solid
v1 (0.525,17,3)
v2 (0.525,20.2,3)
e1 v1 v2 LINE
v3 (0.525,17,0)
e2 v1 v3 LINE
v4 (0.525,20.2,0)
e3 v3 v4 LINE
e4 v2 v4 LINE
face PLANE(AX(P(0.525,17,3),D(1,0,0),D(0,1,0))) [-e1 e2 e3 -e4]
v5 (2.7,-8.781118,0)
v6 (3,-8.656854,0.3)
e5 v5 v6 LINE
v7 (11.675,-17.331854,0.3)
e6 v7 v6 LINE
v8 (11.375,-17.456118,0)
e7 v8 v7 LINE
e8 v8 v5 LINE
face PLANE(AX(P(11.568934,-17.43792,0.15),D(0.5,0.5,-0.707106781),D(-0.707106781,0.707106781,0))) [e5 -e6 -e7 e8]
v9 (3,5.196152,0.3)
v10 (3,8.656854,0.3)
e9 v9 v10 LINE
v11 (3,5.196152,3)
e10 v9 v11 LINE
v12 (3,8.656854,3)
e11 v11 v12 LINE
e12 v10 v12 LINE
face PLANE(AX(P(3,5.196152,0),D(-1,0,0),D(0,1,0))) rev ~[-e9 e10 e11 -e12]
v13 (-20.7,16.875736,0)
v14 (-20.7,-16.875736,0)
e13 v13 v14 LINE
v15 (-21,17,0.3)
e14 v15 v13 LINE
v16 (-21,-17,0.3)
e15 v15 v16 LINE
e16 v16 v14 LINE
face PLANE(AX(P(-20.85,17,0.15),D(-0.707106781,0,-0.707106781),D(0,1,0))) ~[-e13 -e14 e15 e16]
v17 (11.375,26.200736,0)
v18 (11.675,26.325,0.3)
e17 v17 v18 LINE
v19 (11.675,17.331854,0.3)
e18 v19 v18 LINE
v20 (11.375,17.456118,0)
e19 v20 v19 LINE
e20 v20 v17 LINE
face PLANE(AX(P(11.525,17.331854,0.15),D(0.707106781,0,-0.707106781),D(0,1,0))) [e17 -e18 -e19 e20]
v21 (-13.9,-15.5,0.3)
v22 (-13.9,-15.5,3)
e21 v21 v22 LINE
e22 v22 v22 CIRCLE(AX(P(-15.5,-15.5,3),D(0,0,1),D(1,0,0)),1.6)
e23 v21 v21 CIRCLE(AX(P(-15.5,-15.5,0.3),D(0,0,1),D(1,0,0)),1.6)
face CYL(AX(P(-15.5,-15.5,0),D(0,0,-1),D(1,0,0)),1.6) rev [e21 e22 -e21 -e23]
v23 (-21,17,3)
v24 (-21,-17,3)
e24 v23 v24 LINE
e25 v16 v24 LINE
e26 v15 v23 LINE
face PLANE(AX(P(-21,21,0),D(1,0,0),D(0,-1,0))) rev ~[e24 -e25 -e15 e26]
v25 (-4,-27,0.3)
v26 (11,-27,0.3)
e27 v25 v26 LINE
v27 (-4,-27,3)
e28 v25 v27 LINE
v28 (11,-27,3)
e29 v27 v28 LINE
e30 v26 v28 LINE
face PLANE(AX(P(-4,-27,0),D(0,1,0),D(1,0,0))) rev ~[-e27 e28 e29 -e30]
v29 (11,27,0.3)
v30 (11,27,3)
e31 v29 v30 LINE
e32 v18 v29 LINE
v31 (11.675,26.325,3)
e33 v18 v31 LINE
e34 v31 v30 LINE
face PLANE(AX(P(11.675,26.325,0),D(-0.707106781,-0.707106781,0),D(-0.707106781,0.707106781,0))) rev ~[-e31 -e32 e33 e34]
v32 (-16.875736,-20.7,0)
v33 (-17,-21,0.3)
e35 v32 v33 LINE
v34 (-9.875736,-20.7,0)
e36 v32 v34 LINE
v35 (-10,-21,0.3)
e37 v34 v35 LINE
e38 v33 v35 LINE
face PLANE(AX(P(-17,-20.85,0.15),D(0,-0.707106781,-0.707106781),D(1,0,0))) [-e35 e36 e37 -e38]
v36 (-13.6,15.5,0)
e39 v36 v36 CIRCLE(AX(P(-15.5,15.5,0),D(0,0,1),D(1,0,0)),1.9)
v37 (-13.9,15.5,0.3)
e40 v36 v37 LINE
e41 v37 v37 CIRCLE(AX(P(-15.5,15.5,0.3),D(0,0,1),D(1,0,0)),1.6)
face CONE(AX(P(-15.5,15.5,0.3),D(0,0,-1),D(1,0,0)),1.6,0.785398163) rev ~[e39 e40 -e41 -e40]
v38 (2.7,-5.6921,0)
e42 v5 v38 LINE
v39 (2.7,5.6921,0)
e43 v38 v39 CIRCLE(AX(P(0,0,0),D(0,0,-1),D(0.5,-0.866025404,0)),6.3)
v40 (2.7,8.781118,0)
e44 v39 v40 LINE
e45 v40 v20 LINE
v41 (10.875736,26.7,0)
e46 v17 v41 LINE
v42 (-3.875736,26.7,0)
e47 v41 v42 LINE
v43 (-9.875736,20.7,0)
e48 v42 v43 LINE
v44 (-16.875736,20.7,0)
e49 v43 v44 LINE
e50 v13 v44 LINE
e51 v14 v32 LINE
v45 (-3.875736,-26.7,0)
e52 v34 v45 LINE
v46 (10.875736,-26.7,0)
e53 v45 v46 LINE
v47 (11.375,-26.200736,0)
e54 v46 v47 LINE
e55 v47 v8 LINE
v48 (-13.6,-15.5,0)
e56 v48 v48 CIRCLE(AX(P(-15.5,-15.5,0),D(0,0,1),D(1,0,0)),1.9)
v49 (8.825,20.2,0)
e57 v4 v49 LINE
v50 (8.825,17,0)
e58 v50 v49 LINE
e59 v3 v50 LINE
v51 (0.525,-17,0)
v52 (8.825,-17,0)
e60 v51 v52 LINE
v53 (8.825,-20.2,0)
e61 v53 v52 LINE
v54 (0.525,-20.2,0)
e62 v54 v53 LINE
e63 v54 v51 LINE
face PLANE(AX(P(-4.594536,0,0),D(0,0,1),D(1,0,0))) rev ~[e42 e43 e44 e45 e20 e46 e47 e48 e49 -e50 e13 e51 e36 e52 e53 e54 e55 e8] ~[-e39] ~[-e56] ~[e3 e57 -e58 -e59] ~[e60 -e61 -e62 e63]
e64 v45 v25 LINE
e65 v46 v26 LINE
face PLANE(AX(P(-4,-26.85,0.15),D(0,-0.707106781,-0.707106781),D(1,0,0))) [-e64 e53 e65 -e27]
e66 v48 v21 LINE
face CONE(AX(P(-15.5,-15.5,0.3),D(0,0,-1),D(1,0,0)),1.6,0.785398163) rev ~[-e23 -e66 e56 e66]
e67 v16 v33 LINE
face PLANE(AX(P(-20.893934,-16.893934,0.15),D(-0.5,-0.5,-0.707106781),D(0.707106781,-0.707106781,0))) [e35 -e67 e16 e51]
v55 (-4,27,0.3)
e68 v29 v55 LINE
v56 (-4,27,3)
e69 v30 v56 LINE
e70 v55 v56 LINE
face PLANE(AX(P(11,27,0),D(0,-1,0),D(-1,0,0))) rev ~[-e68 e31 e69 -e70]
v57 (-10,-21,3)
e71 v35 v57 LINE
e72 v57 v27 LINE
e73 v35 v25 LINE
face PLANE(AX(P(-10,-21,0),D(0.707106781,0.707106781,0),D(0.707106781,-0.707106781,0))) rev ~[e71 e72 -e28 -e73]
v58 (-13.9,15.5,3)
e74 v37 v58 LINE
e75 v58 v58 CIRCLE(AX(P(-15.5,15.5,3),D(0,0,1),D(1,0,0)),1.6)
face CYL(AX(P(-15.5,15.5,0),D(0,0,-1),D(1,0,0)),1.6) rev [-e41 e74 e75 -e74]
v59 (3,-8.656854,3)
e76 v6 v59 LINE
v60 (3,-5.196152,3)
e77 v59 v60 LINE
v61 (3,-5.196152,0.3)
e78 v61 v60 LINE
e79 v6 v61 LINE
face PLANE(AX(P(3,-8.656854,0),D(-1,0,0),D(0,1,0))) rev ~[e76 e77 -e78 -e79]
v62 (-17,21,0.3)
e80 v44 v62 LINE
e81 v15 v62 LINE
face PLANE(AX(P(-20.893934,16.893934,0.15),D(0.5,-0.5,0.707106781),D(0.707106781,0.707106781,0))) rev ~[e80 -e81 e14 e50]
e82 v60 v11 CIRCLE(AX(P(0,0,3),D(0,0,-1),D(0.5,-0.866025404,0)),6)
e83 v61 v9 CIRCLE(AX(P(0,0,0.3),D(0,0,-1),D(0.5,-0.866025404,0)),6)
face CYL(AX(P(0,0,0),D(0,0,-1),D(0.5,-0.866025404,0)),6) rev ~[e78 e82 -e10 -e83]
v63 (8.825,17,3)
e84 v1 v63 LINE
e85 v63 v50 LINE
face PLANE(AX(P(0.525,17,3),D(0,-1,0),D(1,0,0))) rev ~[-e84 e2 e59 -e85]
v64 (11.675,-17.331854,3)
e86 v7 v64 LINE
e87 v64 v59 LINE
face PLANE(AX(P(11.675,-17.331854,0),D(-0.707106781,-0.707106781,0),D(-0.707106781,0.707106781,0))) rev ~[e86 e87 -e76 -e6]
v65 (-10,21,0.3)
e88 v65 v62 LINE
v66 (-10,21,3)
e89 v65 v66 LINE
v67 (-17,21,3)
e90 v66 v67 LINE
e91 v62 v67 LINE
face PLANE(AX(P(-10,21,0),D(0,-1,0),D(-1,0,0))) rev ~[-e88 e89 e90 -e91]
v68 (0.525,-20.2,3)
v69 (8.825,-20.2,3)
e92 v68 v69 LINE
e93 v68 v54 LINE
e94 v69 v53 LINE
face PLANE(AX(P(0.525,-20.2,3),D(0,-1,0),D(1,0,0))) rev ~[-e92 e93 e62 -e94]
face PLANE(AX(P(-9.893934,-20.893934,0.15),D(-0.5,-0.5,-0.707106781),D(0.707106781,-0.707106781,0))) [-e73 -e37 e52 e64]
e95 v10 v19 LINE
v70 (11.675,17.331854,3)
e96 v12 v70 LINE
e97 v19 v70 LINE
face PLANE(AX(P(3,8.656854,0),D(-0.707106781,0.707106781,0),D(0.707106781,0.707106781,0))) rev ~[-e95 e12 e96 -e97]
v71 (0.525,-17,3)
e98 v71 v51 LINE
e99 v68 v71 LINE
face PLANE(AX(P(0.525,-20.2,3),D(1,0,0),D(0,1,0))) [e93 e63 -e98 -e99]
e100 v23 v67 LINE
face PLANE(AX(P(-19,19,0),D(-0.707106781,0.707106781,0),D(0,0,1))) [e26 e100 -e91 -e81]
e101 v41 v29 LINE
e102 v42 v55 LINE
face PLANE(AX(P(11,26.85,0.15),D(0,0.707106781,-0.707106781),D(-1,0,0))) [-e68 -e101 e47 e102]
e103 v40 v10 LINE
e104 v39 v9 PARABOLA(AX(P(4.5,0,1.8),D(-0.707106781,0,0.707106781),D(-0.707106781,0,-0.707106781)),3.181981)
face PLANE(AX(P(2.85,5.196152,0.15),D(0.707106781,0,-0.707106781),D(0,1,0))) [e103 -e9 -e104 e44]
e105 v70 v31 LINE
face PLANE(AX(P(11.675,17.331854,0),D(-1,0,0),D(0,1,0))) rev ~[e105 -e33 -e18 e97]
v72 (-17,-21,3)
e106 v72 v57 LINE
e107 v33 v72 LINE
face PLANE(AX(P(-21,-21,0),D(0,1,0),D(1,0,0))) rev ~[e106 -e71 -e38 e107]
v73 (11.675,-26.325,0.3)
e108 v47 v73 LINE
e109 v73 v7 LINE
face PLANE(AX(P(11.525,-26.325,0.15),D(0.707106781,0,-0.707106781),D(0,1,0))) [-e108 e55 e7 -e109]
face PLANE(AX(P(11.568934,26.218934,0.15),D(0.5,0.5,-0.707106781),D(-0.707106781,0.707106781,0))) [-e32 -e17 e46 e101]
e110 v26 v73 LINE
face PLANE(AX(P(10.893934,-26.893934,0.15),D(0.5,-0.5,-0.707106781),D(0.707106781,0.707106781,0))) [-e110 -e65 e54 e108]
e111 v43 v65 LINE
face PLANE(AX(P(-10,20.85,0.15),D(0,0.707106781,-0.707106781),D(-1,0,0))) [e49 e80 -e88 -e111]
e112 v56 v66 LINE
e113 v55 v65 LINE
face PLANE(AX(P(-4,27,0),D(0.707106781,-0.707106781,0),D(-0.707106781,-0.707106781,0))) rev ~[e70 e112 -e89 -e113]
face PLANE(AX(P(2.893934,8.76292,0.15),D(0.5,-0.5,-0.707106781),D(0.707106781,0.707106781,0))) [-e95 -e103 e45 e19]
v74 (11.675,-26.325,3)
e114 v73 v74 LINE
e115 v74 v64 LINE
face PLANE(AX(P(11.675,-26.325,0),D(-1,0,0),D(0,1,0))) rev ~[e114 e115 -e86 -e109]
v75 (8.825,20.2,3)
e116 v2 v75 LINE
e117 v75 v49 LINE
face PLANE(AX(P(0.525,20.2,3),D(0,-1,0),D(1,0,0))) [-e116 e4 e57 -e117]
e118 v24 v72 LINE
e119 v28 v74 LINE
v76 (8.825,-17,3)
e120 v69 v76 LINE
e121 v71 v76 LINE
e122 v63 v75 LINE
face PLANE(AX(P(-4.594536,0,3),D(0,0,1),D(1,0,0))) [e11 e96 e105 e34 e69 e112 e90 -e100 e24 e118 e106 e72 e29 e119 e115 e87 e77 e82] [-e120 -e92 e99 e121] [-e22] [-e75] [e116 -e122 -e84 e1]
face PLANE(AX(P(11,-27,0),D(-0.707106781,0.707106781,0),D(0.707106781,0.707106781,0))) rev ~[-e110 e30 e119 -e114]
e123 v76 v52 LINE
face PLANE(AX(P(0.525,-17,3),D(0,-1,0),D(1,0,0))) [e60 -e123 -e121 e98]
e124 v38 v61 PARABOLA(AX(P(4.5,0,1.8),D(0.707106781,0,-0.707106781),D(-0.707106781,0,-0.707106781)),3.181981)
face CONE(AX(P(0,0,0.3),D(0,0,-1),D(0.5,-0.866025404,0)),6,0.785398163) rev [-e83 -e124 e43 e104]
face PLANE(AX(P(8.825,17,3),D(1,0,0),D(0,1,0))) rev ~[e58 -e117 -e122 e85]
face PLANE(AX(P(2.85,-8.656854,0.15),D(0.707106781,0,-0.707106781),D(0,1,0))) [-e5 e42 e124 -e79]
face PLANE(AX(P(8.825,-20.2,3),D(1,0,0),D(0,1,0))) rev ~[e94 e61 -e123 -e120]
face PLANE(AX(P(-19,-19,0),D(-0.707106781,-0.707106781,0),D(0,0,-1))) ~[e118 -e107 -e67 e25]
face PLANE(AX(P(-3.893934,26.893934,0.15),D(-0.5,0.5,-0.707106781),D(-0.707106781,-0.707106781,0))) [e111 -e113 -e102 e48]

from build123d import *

# Parameters (mm, degrees)
SKETCH1_R           = 1.6
BOSS_EXTRUDE1_DEPTH = 3
CHAMFER6_SIZE       = 4
CHAMFER5_SIZE       = 0.3
SKETCH8_W           = 8.3
SKETCH8_H           = 3.2
CUT_EXTRUDE1_DEPTH  = 35.336569427


with BuildPart() as part:
    # Sketch1 → Boss-Extrude1 (new body)
    with BuildSketch(Plane.XY):
        with BuildLine():
            Line((-21, 21), (-21, -21))
            Line((-21, -21), (-10, -21))
            Line((-10, -21), (-4, -27))
            Line((-4, -27), (11, -27))
            Line((11, -27), (11.675, -26.325))
            Line((11.675, -26.325), (11.675, -17.331854249))
            Line((11.675, -17.331854249), (3, -8.656854249))
            Line((3, -8.656854249), (3, -5.196152423))
            ThreePointArc((3, -5.196152423), (-6, 0), (3, 5.196152423))
            Line((3, 5.196152423), (3, 8.656854249))
            Line((3, 8.656854249), (11.675, 17.331854249))
            Line((11.675, 17.331854249), (11.675, 26.325))
            Line((11.675, 26.325), (11, 27))
            Line((11, 27), (-4, 27))
            Line((-4, 27), (-10, 21))
            Line((-10, 21), (-21, 21))
        make_face()
        with Locations((-15.5, -15.5)):
            Circle(SKETCH1_R, mode=Mode.SUBTRACT)
        with Locations((-15.5, 15.5)):
            Circle(SKETCH1_R, mode=Mode.SUBTRACT)
    extrude(amount=BOSS_EXTRUDE1_DEPTH)

    # Chamfer6
    chamfer6_edges = [part.edges().sort_by_distance(p)[0] for p in [
        (-21, -21, 1.5),
        (-21, 21, 1.5),
    ]]
    chamfer(chamfer6_edges, length=CHAMFER6_SIZE)

    # Chamfer5
    chamfer5_edges = [part.edges().sort_by_distance(p)[0] for p in [
        (-7, 24, 0),
        (3.5, 27, 0),
        (11.3375, 26.6625, 0),
        (11.675, 21.828427125, 0),
        (7.3375, 12.994354249, 0),
        (3, 6.926503336, 0),
        (-6, 0, 0),
        (3, -6.926503336, 0),
        (7.3375, -12.994354249, 0),
        (11.675, -21.828427125, 0),
        (11.3375, -26.6625, 0),
        (3.5, -27, 0),
        (-7, -24, 0),
        (-13.5, 21, 0),
        (-17.1, -15.5, 0),
        (-17.1, 15.5, 0),
        (-21, 0, 0),
        (-13.5, -21, 0),
        (-19, -19, 0),
        (-19, 19, 0),
    ]]
    chamfer(chamfer5_edges, length=CHAMFER5_SIZE)

    # Sketch8 → Cut-Extrude1 (cut, through all)
    with BuildSketch(Plane.XY.offset(3)):
        with Locations((4.675, 18.6)):
            Rectangle(SKETCH8_W, SKETCH8_H)
        with Locations((4.675, -18.6)):
            Rectangle(SKETCH8_W, SKETCH8_H)
    extrude(amount=-CUT_EXTRUDE1_DEPTH, mode=Mode.SUBTRACT)


solid = part.part
